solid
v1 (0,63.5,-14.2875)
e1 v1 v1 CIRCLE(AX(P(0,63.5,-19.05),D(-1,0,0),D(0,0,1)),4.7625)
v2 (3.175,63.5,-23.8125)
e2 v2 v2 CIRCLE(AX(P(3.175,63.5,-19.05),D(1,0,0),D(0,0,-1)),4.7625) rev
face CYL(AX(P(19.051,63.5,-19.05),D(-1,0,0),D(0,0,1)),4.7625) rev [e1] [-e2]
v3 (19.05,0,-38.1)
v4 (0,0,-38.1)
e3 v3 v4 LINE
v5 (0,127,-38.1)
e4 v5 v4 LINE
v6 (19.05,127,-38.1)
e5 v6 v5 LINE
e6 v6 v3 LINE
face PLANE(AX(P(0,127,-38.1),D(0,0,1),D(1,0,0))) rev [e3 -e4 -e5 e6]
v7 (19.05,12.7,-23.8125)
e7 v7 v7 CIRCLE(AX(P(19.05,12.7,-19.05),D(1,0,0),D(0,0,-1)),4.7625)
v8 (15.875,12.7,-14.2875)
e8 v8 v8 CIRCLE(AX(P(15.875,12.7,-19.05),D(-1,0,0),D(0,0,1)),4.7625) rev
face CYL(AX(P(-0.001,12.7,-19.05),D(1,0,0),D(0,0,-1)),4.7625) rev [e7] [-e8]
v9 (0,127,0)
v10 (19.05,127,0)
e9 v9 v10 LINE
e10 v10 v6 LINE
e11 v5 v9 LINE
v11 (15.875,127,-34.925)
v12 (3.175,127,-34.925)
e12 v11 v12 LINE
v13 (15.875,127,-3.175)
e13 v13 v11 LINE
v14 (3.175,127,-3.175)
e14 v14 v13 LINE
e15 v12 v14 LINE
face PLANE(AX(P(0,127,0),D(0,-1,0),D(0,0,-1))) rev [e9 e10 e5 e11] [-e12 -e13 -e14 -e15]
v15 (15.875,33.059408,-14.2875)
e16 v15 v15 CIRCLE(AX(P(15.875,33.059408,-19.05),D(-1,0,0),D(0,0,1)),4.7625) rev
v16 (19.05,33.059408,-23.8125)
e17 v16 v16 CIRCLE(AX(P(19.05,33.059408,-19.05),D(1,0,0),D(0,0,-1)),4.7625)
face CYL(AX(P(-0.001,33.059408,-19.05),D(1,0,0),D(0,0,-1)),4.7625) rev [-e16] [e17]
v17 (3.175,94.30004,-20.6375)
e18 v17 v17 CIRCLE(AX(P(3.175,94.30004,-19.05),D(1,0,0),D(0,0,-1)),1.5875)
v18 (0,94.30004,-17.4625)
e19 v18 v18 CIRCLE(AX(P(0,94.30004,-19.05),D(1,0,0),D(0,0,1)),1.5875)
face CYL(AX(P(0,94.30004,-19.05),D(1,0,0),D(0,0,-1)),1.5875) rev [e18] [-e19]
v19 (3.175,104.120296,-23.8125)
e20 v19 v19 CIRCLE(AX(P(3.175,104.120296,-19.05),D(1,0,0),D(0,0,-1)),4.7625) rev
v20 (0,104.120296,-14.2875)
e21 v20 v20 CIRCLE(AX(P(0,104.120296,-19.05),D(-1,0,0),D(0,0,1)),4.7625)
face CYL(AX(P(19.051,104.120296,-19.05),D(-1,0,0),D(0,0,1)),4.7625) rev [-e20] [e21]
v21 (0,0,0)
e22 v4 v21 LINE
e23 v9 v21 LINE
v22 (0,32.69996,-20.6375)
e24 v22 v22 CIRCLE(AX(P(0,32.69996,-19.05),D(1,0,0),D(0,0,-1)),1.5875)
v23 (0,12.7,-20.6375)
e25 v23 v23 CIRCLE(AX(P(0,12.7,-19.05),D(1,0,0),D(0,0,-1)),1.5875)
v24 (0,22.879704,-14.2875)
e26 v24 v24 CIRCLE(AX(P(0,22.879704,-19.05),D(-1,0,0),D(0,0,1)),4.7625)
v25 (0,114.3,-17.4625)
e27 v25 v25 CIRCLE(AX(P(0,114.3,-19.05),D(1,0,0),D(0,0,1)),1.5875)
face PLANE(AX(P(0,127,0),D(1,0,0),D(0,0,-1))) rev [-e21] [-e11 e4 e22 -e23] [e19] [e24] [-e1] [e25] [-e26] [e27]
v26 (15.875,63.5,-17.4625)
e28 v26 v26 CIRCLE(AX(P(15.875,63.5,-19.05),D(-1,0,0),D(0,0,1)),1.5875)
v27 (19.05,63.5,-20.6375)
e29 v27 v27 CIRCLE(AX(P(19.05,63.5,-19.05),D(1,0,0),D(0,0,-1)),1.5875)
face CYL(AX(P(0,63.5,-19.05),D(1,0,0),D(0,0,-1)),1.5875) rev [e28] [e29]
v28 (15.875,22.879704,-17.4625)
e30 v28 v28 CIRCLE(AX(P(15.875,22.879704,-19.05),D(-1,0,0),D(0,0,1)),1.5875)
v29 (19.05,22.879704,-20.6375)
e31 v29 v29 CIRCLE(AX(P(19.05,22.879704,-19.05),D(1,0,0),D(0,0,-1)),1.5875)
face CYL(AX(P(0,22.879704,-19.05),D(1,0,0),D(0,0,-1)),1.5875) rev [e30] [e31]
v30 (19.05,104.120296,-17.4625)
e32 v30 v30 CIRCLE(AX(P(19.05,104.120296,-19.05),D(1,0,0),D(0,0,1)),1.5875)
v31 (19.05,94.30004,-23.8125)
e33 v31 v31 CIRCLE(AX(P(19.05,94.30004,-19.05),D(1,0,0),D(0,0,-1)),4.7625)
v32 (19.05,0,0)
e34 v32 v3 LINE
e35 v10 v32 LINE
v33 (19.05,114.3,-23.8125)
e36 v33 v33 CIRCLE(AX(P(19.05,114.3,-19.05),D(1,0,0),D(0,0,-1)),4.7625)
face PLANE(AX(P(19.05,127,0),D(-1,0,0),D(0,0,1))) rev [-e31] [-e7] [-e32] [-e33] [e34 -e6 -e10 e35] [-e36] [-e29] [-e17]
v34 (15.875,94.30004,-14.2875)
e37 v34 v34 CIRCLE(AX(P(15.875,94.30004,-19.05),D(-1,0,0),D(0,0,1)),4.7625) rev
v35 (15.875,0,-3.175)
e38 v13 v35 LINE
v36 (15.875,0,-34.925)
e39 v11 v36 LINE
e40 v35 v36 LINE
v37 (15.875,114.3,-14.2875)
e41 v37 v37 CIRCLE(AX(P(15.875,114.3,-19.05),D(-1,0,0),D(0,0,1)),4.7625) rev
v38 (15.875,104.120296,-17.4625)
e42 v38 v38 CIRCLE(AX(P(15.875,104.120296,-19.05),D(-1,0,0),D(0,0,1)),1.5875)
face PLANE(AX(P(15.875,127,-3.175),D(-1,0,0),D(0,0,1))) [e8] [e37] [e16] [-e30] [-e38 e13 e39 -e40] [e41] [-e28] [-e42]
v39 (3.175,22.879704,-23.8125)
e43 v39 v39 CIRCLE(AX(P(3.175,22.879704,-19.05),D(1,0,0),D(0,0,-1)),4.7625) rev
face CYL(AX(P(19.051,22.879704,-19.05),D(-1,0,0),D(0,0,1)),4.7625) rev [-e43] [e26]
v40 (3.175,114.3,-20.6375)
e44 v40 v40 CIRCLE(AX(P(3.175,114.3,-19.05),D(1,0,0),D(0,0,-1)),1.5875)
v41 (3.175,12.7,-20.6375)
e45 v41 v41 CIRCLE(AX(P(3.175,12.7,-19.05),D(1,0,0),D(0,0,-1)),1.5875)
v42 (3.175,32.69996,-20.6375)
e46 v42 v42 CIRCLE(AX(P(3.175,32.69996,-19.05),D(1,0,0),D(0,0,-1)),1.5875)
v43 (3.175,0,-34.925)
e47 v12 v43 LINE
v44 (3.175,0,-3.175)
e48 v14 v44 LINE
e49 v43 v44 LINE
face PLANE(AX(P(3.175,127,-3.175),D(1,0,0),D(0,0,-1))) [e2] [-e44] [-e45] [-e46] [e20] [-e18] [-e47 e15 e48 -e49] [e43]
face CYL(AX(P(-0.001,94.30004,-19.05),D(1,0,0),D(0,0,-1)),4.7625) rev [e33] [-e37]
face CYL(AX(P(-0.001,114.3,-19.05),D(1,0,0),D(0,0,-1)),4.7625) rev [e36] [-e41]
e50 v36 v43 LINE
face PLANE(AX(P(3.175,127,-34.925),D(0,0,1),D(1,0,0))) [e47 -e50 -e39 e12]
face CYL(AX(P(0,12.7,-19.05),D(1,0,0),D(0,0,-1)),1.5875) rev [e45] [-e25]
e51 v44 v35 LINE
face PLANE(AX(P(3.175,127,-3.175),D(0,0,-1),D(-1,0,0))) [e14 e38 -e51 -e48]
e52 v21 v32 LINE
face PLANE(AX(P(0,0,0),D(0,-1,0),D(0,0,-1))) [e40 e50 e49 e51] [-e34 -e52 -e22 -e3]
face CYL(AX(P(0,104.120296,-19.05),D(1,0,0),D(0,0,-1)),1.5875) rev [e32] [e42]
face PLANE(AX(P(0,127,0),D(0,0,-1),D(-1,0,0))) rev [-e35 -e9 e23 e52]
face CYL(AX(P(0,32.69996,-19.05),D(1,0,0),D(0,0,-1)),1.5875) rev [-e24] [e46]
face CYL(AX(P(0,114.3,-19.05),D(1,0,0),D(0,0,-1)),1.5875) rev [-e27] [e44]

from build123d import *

# Parameters (mm, degrees)
SKETCH1_W           = 19.05
SKETCH1_H           = 38.1
SKETCH1_W_2         = 12.7
SKETCH1_H_2         = 31.75
BOSS_EXTRUDE1_DEPTH = 127
SKETCH2_R           = 1.5875
CUT_EXTRUDE1_DEPTH  = 20.05
CUT_EXTRUDE2_REACH  = 21.05
SKETCH3_R           = 4.7625
SKETCH4_R           = 1.5875
CUT_EXTRUDE3_DEPTH  = 20.05
CUT_EXTRUDE4_REACH  = 21.05
SKETCH5_R           = 4.7625


with BuildPart() as part:
    # Sketch1 → Boss-Extrude1 (new body)
    with BuildSketch(Plane(origin=(0, 0, 0), x_dir=(1, 0, 0), z_dir=(0, 1, 0))):
        with Locations((9.525, 19.05)):
            Rectangle(SKETCH1_W, SKETCH1_H)
        with Locations((9.525, 19.05)):
            Rectangle(SKETCH1_W_2, SKETCH1_H_2, mode=Mode.SUBTRACT)
    extrude(amount=BOSS_EXTRUDE1_DEPTH)

    # Sketch2 → Cut-Extrude1 (cut, through all)
    with BuildSketch(Plane(origin=(19.05, 0, 0), x_dir=(0, 0, -1), z_dir=(1, 0, 0))):
        with Locations((19.05, 12.7)):
            Circle(SKETCH2_R)
        with Locations((19.05, 32.69996)):
            Circle(SKETCH2_R)
        with Locations((19.05, 94.30004)):
            Circle(SKETCH2_R)
        with Locations((19.05, 114.3)):
            Circle(SKETCH2_R)
    extrude(amount=-CUT_EXTRUDE1_DEPTH, mode=Mode.SUBTRACT)

    # Sketch3 → Cut-Extrude2 (cut, up to next)
    with BuildSketch(Plane(origin=(19.05, 0, 0), x_dir=(0, 0, -1), z_dir=(1, 0, 0)), mode=Mode.PRIVATE) as cut_extrude2_sk1:
        with Locations((19.05, 114.3)):
            Circle(SKETCH3_R)
    cut_extrude2_tool1 = extrude(cut_extrude2_sk1.sketch, amount=-CUT_EXTRUDE2_REACH, mode=Mode.PRIVATE) & part.part
    add(cut_extrude2_tool1.solids().sort_by_distance((19.05, 114.3, -19.05))[0], mode=Mode.SUBTRACT)
    # Sketch3 → Cut-Extrude2 (cut, up to next)
    with BuildSketch(Plane(origin=(19.05, 0, 0), x_dir=(0, 0, -1), z_dir=(1, 0, 0)), mode=Mode.PRIVATE) as cut_extrude2_sk2:
        with Locations((19.05, 94.30004)):
            Circle(SKETCH3_R)
    cut_extrude2_tool2 = extrude(cut_extrude2_sk2.sketch, amount=-CUT_EXTRUDE2_REACH, mode=Mode.PRIVATE) & part.part
    add(cut_extrude2_tool2.solids().sort_by_distance((19.05, 94.30004, -19.05))[0], mode=Mode.SUBTRACT)
    # Sketch3 → Cut-Extrude2 (cut, up to next)
    with BuildSketch(Plane(origin=(19.05, 0, 0), x_dir=(0, 0, -1), z_dir=(1, 0, 0)), mode=Mode.PRIVATE) as cut_extrude2_sk3:
        with Locations((19.05, 33.059408242)):
            Circle(SKETCH3_R)
    cut_extrude2_tool3 = extrude(cut_extrude2_sk3.sketch, amount=-CUT_EXTRUDE2_REACH, mode=Mode.PRIVATE) & part.part
    add(cut_extrude2_tool3.solids().sort_by_distance((19.05, 33.059408, -19.05))[0], mode=Mode.SUBTRACT)
    # Sketch3 → Cut-Extrude2 (cut, up to next)
    with BuildSketch(Plane(origin=(19.05, 0, 0), x_dir=(0, 0, -1), z_dir=(1, 0, 0)), mode=Mode.PRIVATE) as cut_extrude2_sk4:
        with Locations((19.05, 12.7)):
            Circle(SKETCH3_R)
    cut_extrude2_tool4 = extrude(cut_extrude2_sk4.sketch, amount=-CUT_EXTRUDE2_REACH, mode=Mode.PRIVATE) & part.part
    add(cut_extrude2_tool4.solids().sort_by_distance((19.05, 12.7, -19.05))[0], mode=Mode.SUBTRACT)

    # Sketch4 → Cut-Extrude3 (cut, through all)
    with BuildSketch(Plane(origin=(19.05, 0, 0), x_dir=(0, 0, -1), z_dir=(1, 0, 0))):
        with Locations((19.05, 22.879704121)):
            Circle(SKETCH4_R)
        with Locations((19.05, 63.5)):
            Circle(SKETCH4_R)
        with Locations((19.05, 104.120295879)):
            Circle(SKETCH4_R)
    extrude(amount=-CUT_EXTRUDE3_DEPTH, mode=Mode.SUBTRACT)

    # Sketch5 → Cut-Extrude4 (cut, up to next)
    with BuildSketch(Plane.ZY, mode=Mode.PRIVATE) as cut_extrude4_sk1:
        with Locations((-19.05, 104.120295879)):
            Circle(SKETCH5_R)
    cut_extrude4_tool1 = extrude(cut_extrude4_sk1.sketch, amount=-CUT_EXTRUDE4_REACH, mode=Mode.PRIVATE) & part.part
    add(cut_extrude4_tool1.solids().sort_by_distance((0, 104.120296, -19.05))[0], mode=Mode.SUBTRACT)
    # Sketch5 → Cut-Extrude4 (cut, up to next)
    with BuildSketch(Plane.ZY, mode=Mode.PRIVATE) as cut_extrude4_sk2:
        with Locations((-19.05, 63.5)):
            Circle(SKETCH5_R)
    cut_extrude4_tool2 = extrude(cut_extrude4_sk2.sketch, amount=-CUT_EXTRUDE4_REACH, mode=Mode.PRIVATE) & part.part
    add(cut_extrude4_tool2.solids().sort_by_distance((0, 63.5, -19.05))[0], mode=Mode.SUBTRACT)
    # Sketch5 → Cut-Extrude4 (cut, up to next)
    with BuildSketch(Plane.ZY, mode=Mode.PRIVATE) as cut_extrude4_sk3:
        with Locations((-19.05, 22.879704121)):
            Circle(SKETCH5_R)
    cut_extrude4_tool3 = extrude(cut_extrude4_sk3.sketch, amount=-CUT_EXTRUDE4_REACH, mode=Mode.PRIVATE) & part.part
    add(cut_extrude4_tool3.solids().sort_by_distance((0, 22.879704, -19.05))[0], mode=Mode.SUBTRACT)


solid = part.part
